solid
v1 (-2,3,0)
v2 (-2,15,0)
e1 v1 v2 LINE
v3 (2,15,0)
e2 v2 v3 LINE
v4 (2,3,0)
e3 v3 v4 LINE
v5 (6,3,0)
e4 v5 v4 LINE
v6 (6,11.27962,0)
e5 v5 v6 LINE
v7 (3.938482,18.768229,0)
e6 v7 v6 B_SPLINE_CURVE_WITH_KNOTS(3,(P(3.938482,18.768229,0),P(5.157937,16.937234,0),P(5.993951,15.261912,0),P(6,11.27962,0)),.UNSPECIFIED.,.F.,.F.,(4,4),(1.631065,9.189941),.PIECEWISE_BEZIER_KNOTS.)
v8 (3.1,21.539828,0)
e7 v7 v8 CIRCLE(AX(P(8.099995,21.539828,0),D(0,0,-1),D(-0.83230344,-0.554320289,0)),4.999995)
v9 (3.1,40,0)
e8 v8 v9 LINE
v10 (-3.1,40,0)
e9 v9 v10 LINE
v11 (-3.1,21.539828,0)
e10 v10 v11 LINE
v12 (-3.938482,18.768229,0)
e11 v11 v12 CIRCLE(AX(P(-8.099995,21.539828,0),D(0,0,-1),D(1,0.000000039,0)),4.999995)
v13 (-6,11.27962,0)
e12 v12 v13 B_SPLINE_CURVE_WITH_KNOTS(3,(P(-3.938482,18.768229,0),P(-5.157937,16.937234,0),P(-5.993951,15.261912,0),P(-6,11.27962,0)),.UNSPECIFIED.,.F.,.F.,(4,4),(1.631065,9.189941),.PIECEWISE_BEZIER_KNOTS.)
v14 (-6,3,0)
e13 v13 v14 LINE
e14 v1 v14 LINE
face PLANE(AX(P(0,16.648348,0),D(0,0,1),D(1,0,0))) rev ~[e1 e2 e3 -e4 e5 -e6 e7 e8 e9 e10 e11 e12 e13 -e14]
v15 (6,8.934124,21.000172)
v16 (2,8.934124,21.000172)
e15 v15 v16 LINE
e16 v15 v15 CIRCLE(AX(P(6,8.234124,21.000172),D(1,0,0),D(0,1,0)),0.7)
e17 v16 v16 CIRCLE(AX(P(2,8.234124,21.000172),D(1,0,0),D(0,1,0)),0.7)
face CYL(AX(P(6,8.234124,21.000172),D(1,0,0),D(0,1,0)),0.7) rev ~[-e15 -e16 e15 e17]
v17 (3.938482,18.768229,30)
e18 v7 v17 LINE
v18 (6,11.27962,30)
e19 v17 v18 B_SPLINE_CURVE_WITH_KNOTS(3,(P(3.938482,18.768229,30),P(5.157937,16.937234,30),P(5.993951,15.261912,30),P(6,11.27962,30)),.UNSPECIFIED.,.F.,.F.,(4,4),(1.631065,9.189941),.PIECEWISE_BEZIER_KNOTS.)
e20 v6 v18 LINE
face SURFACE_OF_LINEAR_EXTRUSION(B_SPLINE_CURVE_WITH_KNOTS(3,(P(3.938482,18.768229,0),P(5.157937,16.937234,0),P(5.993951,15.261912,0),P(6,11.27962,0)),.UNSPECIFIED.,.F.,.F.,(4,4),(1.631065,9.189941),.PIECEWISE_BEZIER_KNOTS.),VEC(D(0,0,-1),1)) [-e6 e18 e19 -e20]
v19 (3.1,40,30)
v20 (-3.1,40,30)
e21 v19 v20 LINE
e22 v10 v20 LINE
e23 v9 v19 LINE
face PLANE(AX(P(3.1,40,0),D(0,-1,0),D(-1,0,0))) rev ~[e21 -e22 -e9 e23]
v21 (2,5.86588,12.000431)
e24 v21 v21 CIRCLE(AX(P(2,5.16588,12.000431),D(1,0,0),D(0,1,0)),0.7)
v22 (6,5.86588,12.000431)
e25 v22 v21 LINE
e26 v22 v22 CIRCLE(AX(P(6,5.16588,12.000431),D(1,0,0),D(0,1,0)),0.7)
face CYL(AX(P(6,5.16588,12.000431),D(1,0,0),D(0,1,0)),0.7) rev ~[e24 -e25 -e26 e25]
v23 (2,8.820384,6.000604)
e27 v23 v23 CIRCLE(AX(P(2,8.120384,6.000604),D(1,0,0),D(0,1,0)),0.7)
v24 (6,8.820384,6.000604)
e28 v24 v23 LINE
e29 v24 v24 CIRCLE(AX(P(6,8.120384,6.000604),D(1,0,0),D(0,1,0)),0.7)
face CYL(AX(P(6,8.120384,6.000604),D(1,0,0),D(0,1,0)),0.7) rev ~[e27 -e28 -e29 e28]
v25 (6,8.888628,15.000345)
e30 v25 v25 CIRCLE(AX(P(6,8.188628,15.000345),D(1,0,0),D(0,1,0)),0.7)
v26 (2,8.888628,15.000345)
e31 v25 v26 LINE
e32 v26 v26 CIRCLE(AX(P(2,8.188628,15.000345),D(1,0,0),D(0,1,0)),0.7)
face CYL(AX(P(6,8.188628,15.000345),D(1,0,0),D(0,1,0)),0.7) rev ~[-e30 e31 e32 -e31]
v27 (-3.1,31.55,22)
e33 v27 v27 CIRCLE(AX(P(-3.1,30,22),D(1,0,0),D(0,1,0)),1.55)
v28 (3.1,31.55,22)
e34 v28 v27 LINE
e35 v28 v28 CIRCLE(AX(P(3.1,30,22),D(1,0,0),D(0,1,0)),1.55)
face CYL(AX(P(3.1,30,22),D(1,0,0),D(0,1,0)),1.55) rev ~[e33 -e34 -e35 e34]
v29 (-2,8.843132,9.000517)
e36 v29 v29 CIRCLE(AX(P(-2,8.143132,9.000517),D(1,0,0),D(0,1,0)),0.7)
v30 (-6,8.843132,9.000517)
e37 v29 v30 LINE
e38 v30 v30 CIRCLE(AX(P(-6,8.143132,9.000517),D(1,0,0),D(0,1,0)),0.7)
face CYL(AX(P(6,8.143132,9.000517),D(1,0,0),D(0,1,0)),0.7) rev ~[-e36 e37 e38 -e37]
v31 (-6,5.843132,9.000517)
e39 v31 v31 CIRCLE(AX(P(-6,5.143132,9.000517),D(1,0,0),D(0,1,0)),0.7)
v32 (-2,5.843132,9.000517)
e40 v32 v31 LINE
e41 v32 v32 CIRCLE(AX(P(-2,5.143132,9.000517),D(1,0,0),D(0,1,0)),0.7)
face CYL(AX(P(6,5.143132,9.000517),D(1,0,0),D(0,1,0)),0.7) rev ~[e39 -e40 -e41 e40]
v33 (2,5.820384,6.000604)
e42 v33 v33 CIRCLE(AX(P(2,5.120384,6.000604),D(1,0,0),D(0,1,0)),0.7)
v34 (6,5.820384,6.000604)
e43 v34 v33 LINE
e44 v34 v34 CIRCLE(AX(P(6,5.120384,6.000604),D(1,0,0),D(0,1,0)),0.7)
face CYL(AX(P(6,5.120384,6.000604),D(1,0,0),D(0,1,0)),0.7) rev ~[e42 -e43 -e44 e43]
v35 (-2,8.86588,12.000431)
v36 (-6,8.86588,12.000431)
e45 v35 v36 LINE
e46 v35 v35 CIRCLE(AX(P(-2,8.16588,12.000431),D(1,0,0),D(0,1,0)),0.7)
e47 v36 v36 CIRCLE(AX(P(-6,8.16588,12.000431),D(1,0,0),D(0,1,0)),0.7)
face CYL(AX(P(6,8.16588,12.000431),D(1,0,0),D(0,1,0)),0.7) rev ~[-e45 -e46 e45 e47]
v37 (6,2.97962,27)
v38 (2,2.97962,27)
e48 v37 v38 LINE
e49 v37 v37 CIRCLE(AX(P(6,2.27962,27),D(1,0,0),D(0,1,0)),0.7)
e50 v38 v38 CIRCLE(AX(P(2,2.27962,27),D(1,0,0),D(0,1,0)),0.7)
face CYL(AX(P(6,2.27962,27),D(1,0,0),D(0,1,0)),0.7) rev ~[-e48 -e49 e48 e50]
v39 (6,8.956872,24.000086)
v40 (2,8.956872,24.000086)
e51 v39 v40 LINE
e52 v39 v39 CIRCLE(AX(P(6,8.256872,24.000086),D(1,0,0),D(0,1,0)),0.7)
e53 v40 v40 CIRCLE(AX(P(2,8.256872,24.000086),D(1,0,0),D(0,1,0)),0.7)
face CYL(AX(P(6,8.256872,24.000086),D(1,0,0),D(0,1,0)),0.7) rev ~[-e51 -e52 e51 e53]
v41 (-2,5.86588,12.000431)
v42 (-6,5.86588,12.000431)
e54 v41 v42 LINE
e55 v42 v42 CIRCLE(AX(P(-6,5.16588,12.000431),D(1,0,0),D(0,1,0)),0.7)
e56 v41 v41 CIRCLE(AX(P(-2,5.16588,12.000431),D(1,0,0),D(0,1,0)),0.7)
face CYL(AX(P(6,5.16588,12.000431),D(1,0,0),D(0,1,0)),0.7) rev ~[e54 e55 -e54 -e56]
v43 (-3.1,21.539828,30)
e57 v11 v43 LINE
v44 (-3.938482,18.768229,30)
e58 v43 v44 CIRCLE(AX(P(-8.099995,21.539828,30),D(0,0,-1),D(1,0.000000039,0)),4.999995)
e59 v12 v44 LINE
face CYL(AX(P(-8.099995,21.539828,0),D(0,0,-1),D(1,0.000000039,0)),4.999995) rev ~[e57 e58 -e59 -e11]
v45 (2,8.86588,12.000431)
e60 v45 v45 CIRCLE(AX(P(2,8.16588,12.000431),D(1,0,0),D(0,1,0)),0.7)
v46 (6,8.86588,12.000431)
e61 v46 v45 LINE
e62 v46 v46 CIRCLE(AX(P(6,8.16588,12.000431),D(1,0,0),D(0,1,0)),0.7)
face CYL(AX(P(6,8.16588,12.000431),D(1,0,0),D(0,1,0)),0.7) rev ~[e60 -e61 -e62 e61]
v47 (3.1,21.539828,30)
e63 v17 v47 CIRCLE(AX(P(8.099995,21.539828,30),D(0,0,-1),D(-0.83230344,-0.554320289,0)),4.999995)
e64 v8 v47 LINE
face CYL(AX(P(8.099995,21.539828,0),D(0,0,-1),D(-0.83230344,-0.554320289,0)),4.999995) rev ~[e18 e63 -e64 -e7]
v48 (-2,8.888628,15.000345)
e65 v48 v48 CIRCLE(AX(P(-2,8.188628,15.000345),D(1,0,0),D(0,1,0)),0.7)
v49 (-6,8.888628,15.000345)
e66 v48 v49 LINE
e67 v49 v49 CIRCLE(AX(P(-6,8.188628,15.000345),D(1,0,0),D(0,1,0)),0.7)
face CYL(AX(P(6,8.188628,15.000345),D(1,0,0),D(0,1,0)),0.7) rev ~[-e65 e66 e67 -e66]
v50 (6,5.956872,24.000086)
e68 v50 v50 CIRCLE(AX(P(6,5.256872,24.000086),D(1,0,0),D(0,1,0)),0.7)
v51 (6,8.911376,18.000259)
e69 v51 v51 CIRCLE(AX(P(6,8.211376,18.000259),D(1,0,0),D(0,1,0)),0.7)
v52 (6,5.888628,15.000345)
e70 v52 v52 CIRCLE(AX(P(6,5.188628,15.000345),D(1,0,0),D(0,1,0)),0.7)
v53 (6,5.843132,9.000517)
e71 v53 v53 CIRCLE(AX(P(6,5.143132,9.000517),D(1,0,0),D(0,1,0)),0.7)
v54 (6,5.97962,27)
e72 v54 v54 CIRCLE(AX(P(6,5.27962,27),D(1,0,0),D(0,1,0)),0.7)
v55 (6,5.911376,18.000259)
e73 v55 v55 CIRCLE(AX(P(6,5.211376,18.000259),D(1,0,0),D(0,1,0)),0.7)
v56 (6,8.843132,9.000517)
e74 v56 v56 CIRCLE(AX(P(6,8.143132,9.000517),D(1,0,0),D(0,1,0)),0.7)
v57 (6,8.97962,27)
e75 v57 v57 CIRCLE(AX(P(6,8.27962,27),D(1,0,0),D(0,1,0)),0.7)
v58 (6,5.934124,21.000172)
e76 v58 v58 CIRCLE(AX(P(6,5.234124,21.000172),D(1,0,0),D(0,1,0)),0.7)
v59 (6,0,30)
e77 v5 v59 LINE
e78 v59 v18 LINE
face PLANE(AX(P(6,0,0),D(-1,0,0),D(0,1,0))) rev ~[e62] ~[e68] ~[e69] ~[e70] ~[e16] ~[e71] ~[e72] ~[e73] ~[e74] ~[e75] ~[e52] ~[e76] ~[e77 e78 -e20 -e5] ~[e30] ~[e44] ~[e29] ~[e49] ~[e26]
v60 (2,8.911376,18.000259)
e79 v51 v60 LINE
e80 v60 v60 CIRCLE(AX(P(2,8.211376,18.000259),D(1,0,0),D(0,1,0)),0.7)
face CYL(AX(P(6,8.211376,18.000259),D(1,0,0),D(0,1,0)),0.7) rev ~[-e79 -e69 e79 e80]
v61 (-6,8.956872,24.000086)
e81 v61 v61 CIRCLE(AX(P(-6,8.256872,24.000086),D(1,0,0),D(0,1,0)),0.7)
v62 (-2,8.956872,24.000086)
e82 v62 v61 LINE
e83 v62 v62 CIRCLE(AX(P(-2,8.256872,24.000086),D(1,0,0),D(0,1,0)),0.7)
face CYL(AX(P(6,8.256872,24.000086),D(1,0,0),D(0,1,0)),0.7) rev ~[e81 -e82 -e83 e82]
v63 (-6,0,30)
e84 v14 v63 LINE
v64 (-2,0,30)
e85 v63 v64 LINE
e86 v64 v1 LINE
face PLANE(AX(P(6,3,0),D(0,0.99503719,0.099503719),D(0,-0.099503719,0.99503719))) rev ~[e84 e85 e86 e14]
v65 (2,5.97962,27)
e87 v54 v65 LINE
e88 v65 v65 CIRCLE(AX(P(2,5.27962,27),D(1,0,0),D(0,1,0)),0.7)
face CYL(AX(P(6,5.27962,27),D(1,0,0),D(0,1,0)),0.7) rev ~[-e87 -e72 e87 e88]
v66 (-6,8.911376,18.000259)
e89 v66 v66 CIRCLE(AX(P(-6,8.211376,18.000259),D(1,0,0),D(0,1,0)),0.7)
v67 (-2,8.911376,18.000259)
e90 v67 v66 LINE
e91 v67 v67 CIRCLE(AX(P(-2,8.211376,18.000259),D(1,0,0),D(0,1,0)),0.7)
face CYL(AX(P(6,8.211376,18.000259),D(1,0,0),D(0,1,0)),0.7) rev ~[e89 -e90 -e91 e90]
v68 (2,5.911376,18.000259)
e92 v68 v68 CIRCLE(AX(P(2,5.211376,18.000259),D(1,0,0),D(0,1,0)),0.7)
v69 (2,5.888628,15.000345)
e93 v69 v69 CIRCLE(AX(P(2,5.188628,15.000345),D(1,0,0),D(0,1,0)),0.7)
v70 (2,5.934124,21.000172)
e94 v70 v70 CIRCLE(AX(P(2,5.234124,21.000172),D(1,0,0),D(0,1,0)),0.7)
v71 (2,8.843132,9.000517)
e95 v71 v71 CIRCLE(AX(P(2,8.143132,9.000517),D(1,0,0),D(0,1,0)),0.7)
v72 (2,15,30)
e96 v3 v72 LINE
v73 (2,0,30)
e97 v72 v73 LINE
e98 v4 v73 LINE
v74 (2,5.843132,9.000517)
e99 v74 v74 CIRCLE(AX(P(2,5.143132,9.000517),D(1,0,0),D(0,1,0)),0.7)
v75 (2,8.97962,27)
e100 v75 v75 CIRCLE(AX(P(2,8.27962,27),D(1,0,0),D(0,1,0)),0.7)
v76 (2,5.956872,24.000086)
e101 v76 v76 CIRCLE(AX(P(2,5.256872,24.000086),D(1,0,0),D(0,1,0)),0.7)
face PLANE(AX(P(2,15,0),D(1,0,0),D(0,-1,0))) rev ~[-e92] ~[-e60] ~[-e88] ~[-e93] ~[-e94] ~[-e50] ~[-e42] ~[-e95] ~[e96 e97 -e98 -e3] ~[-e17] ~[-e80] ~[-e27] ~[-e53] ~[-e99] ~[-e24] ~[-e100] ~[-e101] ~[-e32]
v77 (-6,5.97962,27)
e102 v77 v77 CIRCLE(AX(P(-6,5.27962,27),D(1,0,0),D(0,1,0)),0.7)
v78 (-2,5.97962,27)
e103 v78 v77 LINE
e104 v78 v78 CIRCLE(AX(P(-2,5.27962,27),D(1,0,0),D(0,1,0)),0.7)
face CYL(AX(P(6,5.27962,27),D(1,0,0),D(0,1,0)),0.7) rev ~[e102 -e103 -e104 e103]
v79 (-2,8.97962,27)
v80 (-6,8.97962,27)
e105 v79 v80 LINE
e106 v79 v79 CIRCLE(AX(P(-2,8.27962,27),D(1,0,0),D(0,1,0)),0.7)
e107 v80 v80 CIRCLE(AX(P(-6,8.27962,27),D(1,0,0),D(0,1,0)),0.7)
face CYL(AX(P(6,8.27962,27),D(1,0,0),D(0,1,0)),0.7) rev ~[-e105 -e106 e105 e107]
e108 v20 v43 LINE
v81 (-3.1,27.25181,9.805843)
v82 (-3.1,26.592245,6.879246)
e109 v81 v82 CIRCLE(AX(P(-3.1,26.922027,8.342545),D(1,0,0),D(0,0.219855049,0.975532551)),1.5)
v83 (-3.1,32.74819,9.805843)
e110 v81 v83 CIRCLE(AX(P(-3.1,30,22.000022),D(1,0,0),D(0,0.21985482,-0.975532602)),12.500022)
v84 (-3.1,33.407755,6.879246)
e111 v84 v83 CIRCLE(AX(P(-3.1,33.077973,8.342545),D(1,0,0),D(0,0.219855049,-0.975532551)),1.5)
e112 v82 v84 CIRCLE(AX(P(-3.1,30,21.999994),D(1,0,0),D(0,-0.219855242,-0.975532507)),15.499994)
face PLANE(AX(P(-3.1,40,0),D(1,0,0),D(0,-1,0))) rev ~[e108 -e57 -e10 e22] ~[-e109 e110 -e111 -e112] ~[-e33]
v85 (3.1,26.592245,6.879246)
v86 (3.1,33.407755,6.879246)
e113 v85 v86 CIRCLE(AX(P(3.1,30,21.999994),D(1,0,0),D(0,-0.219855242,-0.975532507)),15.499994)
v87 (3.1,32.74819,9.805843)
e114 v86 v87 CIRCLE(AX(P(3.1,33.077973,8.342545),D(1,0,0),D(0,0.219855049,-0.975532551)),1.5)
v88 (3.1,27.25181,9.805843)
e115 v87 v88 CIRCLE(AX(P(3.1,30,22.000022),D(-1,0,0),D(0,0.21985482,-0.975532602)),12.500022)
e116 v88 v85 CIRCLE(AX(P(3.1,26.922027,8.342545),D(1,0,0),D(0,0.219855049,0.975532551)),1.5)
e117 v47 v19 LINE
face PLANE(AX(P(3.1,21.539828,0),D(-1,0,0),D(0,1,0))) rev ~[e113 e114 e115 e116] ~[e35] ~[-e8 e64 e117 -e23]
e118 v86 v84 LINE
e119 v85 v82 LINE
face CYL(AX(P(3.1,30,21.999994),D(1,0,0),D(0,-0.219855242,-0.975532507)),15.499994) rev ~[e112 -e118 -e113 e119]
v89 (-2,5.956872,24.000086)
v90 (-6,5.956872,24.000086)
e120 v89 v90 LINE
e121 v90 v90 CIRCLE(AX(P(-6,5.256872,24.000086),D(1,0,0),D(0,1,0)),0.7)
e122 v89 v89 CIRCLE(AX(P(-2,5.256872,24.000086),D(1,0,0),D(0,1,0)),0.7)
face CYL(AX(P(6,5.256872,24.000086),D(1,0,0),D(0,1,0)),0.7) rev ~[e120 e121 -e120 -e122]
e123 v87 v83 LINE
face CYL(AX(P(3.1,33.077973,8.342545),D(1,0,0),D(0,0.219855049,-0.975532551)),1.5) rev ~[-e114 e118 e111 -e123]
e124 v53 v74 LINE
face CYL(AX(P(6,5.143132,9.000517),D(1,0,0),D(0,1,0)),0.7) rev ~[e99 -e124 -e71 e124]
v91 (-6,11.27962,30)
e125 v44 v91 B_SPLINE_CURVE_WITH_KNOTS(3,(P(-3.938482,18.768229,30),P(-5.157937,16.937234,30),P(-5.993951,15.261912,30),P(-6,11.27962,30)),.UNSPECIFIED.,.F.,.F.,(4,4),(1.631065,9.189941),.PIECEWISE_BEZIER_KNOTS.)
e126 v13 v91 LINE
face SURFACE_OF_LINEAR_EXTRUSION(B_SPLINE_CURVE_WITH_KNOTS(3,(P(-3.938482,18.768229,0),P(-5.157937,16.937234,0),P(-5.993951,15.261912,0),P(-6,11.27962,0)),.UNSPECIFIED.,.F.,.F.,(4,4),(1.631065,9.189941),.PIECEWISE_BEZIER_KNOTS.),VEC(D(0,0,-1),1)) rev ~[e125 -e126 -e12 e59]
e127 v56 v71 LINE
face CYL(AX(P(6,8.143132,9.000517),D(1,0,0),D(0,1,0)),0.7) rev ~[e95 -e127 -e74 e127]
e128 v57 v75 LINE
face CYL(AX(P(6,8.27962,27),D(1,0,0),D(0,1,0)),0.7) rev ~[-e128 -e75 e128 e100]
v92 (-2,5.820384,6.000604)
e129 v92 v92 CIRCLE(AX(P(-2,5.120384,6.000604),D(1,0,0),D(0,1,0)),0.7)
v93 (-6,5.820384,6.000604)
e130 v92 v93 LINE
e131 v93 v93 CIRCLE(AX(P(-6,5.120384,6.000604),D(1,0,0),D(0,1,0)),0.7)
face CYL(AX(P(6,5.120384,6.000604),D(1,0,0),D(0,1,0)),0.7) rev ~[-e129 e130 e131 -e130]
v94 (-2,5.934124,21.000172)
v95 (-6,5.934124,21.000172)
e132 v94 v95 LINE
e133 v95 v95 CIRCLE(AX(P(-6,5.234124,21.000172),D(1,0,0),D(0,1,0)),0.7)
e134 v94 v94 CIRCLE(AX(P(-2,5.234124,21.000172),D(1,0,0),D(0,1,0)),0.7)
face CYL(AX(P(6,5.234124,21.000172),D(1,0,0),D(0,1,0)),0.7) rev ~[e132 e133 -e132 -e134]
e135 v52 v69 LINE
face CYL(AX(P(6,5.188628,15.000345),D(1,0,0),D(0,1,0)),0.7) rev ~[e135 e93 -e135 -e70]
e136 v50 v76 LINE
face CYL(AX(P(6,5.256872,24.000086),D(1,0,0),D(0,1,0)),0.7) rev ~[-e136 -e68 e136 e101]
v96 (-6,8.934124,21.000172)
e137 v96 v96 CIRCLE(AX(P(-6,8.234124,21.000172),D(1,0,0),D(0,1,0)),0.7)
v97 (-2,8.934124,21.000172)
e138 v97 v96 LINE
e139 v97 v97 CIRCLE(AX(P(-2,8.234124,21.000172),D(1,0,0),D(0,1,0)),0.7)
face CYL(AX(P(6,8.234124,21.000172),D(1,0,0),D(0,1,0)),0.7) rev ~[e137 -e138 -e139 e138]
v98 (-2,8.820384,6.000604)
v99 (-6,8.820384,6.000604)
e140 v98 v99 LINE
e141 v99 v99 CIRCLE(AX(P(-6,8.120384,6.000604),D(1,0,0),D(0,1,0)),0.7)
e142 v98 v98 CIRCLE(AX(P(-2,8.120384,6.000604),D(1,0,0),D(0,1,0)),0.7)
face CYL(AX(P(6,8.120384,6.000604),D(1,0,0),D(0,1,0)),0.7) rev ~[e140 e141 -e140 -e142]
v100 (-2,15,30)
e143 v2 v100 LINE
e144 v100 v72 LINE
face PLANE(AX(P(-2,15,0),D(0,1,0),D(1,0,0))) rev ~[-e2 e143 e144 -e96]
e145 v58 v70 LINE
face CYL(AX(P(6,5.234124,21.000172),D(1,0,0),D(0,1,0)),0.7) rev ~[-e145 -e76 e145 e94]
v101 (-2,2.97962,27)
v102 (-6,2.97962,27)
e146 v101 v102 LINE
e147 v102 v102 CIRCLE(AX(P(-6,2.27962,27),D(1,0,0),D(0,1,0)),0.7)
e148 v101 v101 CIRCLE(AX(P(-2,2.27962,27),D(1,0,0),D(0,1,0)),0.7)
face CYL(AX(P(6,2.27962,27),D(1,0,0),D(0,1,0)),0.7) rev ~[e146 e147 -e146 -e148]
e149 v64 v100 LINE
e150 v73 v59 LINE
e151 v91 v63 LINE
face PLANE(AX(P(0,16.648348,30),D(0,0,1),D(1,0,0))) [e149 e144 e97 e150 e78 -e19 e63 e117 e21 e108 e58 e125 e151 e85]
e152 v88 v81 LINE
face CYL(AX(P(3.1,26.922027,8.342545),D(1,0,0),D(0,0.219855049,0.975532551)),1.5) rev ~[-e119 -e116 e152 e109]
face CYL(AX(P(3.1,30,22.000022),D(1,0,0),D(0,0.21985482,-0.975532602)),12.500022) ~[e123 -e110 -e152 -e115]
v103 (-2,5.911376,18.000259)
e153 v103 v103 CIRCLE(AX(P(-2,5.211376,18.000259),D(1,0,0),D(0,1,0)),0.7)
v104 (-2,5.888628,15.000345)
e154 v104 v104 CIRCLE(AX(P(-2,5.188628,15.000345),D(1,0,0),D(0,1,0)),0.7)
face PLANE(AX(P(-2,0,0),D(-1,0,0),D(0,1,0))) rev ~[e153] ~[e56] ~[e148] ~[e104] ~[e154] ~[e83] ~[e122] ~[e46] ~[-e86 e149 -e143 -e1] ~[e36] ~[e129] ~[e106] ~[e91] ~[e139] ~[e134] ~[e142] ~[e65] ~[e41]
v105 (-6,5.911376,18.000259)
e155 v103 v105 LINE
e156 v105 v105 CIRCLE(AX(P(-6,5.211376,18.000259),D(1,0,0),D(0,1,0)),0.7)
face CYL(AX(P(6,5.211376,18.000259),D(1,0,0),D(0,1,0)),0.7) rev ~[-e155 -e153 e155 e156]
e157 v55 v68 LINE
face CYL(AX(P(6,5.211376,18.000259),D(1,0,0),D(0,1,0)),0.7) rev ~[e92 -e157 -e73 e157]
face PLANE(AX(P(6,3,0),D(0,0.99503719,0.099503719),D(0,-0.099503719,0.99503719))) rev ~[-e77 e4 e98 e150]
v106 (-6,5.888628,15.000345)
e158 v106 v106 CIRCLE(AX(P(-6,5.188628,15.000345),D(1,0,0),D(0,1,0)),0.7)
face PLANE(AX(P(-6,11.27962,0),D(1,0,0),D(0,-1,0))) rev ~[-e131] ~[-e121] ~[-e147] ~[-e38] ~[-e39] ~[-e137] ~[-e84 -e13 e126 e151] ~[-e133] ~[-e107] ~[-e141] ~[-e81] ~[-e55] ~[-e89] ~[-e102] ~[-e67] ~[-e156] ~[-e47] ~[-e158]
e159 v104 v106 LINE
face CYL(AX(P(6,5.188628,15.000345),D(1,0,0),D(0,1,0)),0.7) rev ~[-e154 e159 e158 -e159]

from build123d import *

# Parameters (mm, degrees)
F1_DEPTH = 30
F2_R     = 1.55
F3_DEPTH = 25
F5_DEPTH = 25
F6_R     = 0.7
F7_DEPTH = 25


with BuildPart() as f1:
    # F0 (on Top) → F1 (new body)
    with BuildSketch(Plane.XY):
        with BuildLine():
            Line((3.1, 40), (0, 40))
            Line((0, 40), (-3.1, 40))
            Line((-3.1, 40), (-3.1, 21.539828))
            ThreePointArc((-3.1, 21.539828), (-3.314209, 20.092001), (-3.938482, 18.768229))
            add(Edge.make_bspline(
                [(-3.938482, 18.768229), (-5.157937, 16.937234), (-5.993951, 15.261912), (-6, 11.27962)],
                knots=[1.631065, 1.631065, 1.631065, 1.631065, 9.189941, 9.189941, 9.189941, 9.189941], degree=3))
            Line((-6, 11.27962), (-6, 0))
            Line((-6, 0), (-2, 0))
            Line((-2, 0), (-2, 15))
            Line((-2, 15), (0, 15))
            Line((0, 15), (2, 15))
            Line((2, 15), (2, 0))
            Line((2, 0), (6, 0))
            Line((6, 0), (6, 11.27962))
            add(Edge.make_bspline(
                [(3.938482, 18.768229), (5.157937, 16.937234), (5.993951, 15.261912), (6, 11.27962)],
                knots=[1.631065, 1.631065, 1.631065, 1.631065, 9.189941, 9.189941, 9.189941, 9.189941], degree=3))
            ThreePointArc((3.938482, 18.768229), (3.314209, 20.092001), (3.1, 21.539828))
            Line((3.1, 21.539828), (3.1, 40))
        make_face()
    extrude(amount=F1_DEPTH)

    # F2 (on face) → F3 (cut)
    with BuildSketch(Plane.YZ.offset(3.1)):
        with Locations((30, 22)):
            Circle(F2_R)
        with BuildLine():
            ThreePointArc((26.592245, 6.879246), (30, 6.5), (33.407755, 6.879246))
            ThreePointArc((33.407755, 6.879246), (34.541271, 8.672327), (32.74819, 9.805843))
            ThreePointArc((32.74819, 9.805843), (30, 9.5), (27.25181, 9.805843))
            ThreePointArc((27.25181, 9.805843), (25.458729, 8.672327), (26.592245, 6.879246))
        make_face()
    extrude(amount=-F3_DEPTH, mode=Mode.SUBTRACT)

    # F4 (on face) → F5 (cut)
    with BuildSketch(Plane.YZ.offset(6)):
        Polygon((3, 0), (0, 30), (0, 0), align=None)
    extrude(amount=-F5_DEPTH, mode=Mode.SUBTRACT)

    # F6 (on face) → F7 (cut)
    with BuildSketch(Plane.YZ.offset(6)):
        with Locations((8.27962, 27)):
            Circle(F6_R)
        with Locations((5.27962, 27)):
            Circle(F6_R)
        with Locations((2.27962, 27)):
            Circle(F6_R)
        with Locations((5.256872, 24.000086)):
            Circle(F6_R)
        with Locations((8.256872, 24.000086)):
            Circle(F6_R)
        with Locations((5.234124, 21.000172)):
            Circle(F6_R)
        with Locations((8.234124, 21.000172)):
            Circle(F6_R)
        with Locations((5.211376, 18.000259)):
            Circle(F6_R)
        with Locations((8.211376, 18.000259)):
            Circle(F6_R)
        with Locations((5.188628, 15.000345)):
            Circle(F6_R)
        with Locations((8.188628, 15.000345)):
            Circle(F6_R)
        with Locations((5.16588, 12.000431)):
            Circle(F6_R)
        with Locations((8.16588, 12.000431)):
            Circle(F6_R)
        with Locations((5.143132, 9.000517)):
            Circle(F6_R)
        with Locations((8.143132, 9.000517)):
            Circle(F6_R)
        with Locations((5.120384, 6.000604)):
            Circle(F6_R)
        with Locations((8.120384, 6.000604)):
            Circle(F6_R)
    extrude(amount=-F7_DEPTH, mode=Mode.SUBTRACT)


solid = f1.part
